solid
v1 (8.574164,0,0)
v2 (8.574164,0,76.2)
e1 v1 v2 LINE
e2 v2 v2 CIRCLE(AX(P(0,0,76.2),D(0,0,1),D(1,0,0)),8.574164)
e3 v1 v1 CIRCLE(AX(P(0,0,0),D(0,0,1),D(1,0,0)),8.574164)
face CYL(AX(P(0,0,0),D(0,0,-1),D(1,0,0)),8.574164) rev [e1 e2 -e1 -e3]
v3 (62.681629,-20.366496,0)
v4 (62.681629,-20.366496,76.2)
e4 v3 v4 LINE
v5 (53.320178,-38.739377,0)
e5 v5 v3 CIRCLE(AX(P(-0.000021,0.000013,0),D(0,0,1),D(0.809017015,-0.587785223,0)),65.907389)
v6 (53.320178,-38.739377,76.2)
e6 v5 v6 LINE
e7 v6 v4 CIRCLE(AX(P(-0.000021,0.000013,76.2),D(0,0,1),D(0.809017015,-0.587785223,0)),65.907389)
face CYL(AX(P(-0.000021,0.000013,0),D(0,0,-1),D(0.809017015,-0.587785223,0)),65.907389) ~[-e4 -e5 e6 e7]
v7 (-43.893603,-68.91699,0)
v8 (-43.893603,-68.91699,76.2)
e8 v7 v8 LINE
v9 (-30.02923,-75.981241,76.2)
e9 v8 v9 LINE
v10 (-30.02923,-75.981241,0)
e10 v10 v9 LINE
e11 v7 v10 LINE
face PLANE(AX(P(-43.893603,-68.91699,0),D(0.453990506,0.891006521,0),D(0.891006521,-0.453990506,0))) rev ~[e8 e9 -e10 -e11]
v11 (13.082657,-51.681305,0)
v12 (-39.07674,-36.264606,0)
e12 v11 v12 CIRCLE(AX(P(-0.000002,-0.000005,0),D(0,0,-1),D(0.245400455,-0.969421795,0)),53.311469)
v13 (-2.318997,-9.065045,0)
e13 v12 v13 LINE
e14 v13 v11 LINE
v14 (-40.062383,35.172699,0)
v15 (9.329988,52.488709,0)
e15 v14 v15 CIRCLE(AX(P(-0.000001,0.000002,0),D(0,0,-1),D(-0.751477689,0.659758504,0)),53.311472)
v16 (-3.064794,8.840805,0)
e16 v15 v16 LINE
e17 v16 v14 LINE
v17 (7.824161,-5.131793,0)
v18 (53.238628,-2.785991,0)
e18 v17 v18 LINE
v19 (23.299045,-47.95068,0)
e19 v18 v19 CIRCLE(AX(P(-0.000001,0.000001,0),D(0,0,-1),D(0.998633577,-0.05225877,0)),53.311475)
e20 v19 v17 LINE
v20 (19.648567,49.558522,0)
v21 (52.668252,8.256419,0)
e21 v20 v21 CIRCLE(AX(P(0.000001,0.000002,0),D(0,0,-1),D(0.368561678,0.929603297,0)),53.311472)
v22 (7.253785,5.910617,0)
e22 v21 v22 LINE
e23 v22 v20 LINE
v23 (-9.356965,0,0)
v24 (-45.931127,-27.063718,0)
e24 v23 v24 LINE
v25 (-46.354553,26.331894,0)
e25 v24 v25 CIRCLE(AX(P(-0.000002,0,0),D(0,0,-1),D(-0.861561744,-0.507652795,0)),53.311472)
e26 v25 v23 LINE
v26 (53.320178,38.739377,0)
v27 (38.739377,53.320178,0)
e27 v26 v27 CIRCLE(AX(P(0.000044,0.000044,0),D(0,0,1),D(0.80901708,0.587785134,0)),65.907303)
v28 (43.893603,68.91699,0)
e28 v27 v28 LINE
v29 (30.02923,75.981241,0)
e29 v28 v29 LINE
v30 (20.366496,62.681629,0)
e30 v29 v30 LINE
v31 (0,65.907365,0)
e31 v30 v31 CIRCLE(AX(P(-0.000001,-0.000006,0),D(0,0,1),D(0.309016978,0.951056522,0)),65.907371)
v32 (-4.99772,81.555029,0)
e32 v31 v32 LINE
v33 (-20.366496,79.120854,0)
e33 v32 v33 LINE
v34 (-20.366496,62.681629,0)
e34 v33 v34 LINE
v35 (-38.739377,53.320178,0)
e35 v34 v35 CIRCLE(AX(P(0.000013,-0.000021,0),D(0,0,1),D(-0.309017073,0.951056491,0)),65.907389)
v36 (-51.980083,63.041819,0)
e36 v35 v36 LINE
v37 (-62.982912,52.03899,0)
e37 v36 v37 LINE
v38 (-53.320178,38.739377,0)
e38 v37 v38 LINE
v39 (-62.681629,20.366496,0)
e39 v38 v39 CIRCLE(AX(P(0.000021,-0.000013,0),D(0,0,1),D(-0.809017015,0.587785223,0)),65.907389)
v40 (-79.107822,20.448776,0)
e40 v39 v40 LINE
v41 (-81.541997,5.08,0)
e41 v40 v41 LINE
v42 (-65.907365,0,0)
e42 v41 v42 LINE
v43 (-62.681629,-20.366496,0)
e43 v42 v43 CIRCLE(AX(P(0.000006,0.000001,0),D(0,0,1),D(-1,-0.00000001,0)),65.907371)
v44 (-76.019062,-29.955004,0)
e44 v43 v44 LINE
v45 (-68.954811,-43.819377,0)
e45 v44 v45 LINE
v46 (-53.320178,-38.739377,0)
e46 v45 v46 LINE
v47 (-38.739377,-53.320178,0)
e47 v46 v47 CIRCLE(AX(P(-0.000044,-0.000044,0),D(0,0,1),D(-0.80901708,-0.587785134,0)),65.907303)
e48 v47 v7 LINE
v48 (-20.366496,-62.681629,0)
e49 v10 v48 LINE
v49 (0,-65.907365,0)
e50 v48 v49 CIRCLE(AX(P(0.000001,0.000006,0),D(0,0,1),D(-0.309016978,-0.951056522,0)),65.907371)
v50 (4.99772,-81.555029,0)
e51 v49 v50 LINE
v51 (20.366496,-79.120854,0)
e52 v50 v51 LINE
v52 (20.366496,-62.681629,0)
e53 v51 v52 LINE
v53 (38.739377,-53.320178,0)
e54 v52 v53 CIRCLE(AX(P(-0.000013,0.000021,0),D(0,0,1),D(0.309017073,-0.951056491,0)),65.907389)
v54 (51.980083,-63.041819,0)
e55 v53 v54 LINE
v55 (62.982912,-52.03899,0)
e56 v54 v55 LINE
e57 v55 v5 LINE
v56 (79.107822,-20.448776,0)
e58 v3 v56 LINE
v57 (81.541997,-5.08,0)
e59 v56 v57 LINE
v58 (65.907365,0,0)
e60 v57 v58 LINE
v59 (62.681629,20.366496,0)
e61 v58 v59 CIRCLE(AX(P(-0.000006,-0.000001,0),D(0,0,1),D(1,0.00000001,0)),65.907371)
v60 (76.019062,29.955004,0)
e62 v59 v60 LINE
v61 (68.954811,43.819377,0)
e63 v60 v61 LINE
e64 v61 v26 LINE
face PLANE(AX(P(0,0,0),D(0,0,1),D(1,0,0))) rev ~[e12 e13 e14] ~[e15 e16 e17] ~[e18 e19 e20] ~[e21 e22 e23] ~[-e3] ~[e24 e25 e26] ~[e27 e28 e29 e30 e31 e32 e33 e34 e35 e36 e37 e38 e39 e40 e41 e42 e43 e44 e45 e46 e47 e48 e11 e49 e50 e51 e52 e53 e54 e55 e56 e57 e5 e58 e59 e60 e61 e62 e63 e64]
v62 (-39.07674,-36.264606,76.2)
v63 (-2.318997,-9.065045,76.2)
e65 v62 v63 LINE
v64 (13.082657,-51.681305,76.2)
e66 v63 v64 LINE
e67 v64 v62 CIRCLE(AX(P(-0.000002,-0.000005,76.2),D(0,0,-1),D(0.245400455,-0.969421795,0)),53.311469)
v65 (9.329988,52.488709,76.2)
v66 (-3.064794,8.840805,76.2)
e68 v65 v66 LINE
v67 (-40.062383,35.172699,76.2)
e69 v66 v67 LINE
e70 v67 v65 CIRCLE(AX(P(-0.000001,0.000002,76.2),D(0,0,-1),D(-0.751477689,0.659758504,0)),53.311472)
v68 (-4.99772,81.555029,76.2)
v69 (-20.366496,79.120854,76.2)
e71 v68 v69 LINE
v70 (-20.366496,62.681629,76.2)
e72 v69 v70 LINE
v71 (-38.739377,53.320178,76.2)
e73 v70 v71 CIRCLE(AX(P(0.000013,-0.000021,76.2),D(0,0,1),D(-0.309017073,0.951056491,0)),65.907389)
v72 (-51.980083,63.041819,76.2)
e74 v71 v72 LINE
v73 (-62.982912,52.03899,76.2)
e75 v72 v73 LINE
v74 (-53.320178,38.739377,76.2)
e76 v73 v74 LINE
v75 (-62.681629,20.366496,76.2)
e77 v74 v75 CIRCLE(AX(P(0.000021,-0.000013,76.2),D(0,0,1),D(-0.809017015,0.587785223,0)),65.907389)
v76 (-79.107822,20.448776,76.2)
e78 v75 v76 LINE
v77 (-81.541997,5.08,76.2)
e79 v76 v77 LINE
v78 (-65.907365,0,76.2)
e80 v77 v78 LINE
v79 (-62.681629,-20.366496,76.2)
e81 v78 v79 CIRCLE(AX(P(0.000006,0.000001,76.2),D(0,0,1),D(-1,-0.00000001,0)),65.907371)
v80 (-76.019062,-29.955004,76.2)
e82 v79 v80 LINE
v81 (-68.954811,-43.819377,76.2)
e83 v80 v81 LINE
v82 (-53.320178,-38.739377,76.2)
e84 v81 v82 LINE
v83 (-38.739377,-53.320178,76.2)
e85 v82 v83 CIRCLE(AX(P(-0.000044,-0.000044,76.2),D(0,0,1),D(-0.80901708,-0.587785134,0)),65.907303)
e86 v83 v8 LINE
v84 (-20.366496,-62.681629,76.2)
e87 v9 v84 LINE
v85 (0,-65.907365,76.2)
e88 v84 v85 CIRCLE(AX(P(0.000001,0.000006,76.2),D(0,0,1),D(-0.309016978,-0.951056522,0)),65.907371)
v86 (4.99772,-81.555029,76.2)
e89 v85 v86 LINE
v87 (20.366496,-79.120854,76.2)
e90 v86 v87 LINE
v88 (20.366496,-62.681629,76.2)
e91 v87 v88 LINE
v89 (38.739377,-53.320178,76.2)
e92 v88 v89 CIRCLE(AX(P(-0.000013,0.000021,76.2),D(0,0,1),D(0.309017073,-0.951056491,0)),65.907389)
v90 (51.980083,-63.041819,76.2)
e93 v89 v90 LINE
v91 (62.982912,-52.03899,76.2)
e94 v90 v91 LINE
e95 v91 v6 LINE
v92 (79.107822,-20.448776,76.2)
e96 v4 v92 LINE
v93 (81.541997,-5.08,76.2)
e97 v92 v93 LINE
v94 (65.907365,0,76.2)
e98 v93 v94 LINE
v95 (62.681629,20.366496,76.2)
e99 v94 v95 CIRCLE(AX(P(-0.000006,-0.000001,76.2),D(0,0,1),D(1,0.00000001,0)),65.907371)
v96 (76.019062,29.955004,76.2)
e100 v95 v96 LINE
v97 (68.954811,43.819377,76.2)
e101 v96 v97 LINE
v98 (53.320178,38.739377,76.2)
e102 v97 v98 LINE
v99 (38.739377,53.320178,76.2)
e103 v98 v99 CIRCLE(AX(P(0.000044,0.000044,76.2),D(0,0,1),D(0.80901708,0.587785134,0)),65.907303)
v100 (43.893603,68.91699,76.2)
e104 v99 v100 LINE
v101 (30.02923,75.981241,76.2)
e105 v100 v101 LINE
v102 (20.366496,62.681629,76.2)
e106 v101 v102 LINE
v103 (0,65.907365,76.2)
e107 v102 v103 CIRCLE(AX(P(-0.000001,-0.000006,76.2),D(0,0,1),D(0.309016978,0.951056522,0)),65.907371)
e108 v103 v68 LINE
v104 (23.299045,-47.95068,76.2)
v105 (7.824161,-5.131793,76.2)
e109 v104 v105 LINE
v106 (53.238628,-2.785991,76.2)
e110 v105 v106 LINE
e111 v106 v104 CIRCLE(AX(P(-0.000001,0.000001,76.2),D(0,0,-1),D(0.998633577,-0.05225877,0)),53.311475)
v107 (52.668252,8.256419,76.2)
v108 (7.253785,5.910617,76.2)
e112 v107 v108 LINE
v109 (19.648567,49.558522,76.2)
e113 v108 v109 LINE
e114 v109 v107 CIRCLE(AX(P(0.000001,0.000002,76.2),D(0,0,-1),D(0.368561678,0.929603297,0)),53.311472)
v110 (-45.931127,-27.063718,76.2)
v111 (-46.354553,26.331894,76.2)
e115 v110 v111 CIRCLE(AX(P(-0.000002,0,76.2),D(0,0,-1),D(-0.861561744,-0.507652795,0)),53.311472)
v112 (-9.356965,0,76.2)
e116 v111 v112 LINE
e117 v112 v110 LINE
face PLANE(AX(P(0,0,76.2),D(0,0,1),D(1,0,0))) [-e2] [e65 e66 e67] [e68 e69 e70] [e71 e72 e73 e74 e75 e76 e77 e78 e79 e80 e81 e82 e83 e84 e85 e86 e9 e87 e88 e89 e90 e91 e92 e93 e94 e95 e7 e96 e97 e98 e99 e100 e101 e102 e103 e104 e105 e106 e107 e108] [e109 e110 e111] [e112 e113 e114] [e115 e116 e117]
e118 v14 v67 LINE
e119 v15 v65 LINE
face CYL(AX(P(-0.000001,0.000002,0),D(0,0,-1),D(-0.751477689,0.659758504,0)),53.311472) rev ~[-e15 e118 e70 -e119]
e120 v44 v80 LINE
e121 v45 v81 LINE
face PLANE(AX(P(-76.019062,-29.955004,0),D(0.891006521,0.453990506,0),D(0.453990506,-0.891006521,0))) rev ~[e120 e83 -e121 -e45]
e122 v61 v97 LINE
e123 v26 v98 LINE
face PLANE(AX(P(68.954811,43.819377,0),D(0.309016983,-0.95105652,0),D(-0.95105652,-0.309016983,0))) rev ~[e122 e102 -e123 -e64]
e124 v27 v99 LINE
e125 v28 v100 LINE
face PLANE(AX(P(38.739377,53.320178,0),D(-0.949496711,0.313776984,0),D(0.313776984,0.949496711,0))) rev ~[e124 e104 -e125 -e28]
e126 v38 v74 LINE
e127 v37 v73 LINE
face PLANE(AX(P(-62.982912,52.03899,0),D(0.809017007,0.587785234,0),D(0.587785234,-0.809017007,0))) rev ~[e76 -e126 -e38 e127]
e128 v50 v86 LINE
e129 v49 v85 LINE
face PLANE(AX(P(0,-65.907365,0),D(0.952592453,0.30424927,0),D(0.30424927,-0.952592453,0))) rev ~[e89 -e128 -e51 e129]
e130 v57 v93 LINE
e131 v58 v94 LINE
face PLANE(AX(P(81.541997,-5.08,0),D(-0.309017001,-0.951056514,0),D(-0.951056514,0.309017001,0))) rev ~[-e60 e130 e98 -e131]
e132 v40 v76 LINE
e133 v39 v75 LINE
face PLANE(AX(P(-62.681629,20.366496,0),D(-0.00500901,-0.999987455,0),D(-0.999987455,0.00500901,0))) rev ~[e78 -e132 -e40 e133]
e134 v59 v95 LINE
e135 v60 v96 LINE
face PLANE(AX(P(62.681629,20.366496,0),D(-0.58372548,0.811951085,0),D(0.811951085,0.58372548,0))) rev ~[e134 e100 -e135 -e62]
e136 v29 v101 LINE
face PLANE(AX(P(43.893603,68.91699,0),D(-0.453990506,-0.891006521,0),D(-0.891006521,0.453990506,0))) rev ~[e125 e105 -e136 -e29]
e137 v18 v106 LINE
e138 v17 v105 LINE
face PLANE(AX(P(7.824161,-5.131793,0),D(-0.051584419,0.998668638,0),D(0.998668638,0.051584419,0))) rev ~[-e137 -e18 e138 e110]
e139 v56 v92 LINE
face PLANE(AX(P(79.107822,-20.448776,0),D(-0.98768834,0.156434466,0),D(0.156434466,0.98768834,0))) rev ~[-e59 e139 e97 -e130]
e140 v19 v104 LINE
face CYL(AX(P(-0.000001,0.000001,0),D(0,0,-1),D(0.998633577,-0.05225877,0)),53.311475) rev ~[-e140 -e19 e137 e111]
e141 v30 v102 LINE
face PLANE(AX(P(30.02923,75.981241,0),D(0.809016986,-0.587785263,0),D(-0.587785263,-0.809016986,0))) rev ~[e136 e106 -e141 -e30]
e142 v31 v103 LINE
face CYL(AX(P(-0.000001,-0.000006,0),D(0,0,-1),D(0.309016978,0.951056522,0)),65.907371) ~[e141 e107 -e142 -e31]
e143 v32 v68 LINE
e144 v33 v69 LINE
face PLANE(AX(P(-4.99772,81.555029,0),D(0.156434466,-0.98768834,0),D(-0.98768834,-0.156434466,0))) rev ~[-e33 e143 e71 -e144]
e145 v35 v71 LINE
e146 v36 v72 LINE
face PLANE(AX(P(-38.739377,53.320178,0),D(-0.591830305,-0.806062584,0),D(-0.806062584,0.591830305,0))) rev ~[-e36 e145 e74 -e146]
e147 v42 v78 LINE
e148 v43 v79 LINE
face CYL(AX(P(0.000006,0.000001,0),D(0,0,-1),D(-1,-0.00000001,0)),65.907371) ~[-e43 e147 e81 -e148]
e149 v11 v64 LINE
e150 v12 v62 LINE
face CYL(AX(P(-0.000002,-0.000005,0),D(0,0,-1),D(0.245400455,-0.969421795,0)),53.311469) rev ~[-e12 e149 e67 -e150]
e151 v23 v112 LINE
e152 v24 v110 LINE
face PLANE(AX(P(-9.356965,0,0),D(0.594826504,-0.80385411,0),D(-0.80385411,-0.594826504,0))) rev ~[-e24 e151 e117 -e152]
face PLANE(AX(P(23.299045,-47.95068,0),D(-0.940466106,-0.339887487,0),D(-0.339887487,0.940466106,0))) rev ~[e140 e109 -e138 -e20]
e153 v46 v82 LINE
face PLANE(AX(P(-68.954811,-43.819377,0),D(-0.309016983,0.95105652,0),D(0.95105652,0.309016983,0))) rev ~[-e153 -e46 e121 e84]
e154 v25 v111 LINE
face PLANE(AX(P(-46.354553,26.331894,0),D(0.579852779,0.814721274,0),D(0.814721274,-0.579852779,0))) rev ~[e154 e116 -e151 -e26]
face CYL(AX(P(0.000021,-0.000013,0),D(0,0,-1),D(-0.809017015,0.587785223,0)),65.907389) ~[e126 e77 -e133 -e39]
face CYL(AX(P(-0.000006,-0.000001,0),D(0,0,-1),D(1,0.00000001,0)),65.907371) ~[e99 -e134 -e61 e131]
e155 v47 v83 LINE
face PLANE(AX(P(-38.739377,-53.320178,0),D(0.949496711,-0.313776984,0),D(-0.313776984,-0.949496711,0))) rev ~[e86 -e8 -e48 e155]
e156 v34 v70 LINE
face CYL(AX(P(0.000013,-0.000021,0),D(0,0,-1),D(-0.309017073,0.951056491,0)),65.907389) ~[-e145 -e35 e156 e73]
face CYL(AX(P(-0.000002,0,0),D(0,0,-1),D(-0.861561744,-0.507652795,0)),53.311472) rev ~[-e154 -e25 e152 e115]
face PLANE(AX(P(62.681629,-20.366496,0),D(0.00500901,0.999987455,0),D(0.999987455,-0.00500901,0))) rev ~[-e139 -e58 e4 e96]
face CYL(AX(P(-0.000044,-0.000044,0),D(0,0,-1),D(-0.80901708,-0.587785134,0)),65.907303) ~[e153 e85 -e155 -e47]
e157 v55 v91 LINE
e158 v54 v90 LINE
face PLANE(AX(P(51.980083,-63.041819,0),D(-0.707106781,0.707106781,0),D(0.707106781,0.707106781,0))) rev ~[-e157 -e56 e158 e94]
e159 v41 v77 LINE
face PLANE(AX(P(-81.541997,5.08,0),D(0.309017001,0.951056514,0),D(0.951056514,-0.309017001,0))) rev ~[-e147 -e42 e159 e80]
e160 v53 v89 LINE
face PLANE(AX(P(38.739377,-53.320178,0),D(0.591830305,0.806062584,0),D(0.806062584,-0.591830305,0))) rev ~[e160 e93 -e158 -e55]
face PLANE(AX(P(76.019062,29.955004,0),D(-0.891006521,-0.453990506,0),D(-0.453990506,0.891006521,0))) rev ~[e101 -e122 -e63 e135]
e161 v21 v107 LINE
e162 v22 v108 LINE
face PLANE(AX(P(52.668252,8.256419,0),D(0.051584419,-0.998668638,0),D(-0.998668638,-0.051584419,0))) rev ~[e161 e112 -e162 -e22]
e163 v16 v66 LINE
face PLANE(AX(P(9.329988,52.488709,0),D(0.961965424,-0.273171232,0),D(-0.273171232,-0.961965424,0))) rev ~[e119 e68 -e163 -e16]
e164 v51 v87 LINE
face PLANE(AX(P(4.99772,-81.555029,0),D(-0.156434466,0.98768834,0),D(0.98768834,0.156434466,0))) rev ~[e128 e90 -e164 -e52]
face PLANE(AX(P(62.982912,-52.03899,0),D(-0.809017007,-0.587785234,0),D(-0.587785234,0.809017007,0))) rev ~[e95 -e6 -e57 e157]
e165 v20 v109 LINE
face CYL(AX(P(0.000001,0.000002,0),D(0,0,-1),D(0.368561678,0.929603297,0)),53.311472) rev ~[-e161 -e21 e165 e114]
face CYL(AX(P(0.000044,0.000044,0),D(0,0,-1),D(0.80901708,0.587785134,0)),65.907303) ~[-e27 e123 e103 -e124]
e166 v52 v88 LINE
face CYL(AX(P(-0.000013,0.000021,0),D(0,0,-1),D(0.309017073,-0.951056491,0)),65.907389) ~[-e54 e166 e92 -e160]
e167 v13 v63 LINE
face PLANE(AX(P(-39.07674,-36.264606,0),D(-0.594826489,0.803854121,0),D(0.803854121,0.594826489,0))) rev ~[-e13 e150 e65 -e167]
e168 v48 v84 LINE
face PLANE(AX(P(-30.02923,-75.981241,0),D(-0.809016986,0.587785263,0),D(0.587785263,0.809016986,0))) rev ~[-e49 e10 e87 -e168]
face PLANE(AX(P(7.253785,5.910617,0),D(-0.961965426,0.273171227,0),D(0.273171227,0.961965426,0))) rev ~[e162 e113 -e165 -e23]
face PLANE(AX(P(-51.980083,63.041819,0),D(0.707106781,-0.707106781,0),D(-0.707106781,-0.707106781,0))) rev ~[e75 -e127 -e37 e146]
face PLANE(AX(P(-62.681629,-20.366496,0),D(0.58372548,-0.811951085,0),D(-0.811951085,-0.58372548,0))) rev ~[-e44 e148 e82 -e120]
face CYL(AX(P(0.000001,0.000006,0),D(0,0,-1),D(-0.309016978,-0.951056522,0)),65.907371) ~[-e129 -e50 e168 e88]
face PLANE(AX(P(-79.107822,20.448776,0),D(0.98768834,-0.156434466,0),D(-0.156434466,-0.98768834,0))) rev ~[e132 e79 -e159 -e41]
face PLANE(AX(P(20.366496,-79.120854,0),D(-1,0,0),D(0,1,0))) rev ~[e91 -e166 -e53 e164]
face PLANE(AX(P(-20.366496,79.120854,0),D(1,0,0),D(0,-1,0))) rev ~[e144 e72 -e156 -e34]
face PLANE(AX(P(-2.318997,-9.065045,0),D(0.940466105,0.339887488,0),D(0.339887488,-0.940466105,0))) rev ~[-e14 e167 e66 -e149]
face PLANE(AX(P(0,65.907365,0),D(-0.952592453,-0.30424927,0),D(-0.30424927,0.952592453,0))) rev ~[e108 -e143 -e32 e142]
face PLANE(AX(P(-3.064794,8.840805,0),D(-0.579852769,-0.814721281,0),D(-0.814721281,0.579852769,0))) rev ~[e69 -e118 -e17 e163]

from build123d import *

# Parameters (mm, degrees)
F0_R     = 8.574164
F1_DEPTH = 76.2


with BuildPart() as f1:
    # F0 (on Top) → F1 (new body)
    with BuildSketch(Plane.XY):
        with BuildLine():
            Line((-62.982912, 52.03899), (-53.320178, 38.739377))
            ThreePointArc((-53.320178, 38.739377), (-58.723892, 29.921317), (-62.681629, 20.366496))
            Line((-62.681629, 20.366496), (-79.107822, 20.448776))
            Line((-79.107822, 20.448776), (-81.541997, 5.08))
            Line((-81.541997, 5.08), (-65.907365, 0))
            ThreePointArc((-65.907365, 0), (-65.095936, -10.310183), (-62.681629, -20.366496))
            Line((-62.681629, -20.366496), (-76.019062, -29.955004))
            Line((-76.019062, -29.955004), (-68.954811, -43.819377))
            Line((-68.954811, -43.819377), (-53.320178, -38.739377))
            ThreePointArc((-53.320178, -38.739377), (-46.603545, -46.603545), (-38.739377, -53.320178))
            Line((-38.739377, -53.320178), (-43.893603, -68.91699))
            Line((-43.893603, -68.91699), (-30.02923, -75.981241))
            Line((-30.02923, -75.981241), (-20.366496, -62.681629))
            ThreePointArc((-20.366496, -62.681629), (-10.310183, -65.095936), (0, -65.907365))
            Line((0, -65.907365), (4.99772, -81.555029))
            Line((4.99772, -81.555029), (20.366496, -79.120854))
            Line((20.366496, -79.120854), (20.366496, -62.681629))
            ThreePointArc((20.366496, -62.681629), (29.921317, -58.723892), (38.739377, -53.320178))
            Line((38.739377, -53.320178), (51.980083, -63.041819))
            Line((51.980083, -63.041819), (62.982912, -52.03899))
            Line((62.982912, -52.03899), (53.320178, -38.739377))
            ThreePointArc((53.320178, -38.739377), (58.723892, -29.921317), (62.681629, -20.366496))
            Line((62.681629, -20.366496), (79.107822, -20.448776))
            Line((79.107822, -20.448776), (81.541997, -5.08))
            Line((81.541997, -5.08), (65.907365, 0))
            ThreePointArc((65.907365, 0), (65.095936, 10.310183), (62.681629, 20.366496))
            Line((62.681629, 20.366496), (76.019062, 29.955004))
            Line((76.019062, 29.955004), (68.954811, 43.819377))
            Line((68.954811, 43.819377), (53.320178, 38.739377))
            ThreePointArc((53.320178, 38.739377), (46.603545, 46.603545), (38.739377, 53.320178))
            Line((38.739377, 53.320178), (43.893603, 68.91699))
            Line((43.893603, 68.91699), (30.02923, 75.981241))
            Line((30.02923, 75.981241), (20.366496, 62.681629))
            ThreePointArc((20.366496, 62.681629), (10.310183, 65.095936), (0, 65.907365))
            Line((0, 65.907365), (-4.99772, 81.555029))
            Line((-4.99772, 81.555029), (-20.366496, 79.120854))
            Line((-20.366496, 79.120854), (-20.366496, 62.681629))
            ThreePointArc((-20.366496, 62.681629), (-29.921317, 58.723892), (-38.739377, 53.320178))
            Line((-38.739377, 53.320178), (-51.980083, 63.041819))
            Line((-51.980083, 63.041819), (-62.982912, 52.03899))
        make_face()
        with BuildLine():
            Line((-39.07674, -36.264606), (-2.318997, -9.065045))
            Line((-2.318997, -9.065045), (13.082657, -51.681305))
            ThreePointArc((13.082657, -51.681305), (-15.110981, -51.125058), (-39.07674, -36.264606))
        make_face(mode=Mode.SUBTRACT)
        with BuildLine():
            ThreePointArc((-45.931127, -27.063718), (-53.309798, -0.422746), (-46.354553, 26.331894))
            Line((-46.354553, 26.331894), (-9.356965, 0))
            Line((-9.356965, 0), (-45.931127, -27.063718))
        make_face(mode=Mode.SUBTRACT)
        with BuildLine():
            Line((23.299045, -47.95068), (7.824161, -5.131793))
            Line((7.824161, -5.131793), (53.238628, -2.785991))
            ThreePointArc((53.238628, -2.785991), (44.434965, -29.45585), (23.299045, -47.95068))
        make_face(mode=Mode.SUBTRACT)
        with BuildLine():
            Line((9.329988, 52.488709), (-3.064794, 8.840805))
            Line((-3.064794, 8.840805), (-40.062383, 35.172699))
            ThreePointArc((-40.062383, 35.172699), (-17.637491, 50.309365), (9.329988, 52.488709))
        make_face(mode=Mode.SUBTRACT)
        Circle(F0_R, mode=Mode.SUBTRACT)
        with BuildLine():
            Line((52.668252, 8.256419), (7.253785, 5.910617))
            Line((7.253785, 5.910617), (19.648567, 49.558522))
            ThreePointArc((19.648567, 49.558522), (41.640083, 33.28989), (52.668252, 8.256419))
        make_face(mode=Mode.SUBTRACT)
    extrude(amount=F1_DEPTH)


solid = f1.part
